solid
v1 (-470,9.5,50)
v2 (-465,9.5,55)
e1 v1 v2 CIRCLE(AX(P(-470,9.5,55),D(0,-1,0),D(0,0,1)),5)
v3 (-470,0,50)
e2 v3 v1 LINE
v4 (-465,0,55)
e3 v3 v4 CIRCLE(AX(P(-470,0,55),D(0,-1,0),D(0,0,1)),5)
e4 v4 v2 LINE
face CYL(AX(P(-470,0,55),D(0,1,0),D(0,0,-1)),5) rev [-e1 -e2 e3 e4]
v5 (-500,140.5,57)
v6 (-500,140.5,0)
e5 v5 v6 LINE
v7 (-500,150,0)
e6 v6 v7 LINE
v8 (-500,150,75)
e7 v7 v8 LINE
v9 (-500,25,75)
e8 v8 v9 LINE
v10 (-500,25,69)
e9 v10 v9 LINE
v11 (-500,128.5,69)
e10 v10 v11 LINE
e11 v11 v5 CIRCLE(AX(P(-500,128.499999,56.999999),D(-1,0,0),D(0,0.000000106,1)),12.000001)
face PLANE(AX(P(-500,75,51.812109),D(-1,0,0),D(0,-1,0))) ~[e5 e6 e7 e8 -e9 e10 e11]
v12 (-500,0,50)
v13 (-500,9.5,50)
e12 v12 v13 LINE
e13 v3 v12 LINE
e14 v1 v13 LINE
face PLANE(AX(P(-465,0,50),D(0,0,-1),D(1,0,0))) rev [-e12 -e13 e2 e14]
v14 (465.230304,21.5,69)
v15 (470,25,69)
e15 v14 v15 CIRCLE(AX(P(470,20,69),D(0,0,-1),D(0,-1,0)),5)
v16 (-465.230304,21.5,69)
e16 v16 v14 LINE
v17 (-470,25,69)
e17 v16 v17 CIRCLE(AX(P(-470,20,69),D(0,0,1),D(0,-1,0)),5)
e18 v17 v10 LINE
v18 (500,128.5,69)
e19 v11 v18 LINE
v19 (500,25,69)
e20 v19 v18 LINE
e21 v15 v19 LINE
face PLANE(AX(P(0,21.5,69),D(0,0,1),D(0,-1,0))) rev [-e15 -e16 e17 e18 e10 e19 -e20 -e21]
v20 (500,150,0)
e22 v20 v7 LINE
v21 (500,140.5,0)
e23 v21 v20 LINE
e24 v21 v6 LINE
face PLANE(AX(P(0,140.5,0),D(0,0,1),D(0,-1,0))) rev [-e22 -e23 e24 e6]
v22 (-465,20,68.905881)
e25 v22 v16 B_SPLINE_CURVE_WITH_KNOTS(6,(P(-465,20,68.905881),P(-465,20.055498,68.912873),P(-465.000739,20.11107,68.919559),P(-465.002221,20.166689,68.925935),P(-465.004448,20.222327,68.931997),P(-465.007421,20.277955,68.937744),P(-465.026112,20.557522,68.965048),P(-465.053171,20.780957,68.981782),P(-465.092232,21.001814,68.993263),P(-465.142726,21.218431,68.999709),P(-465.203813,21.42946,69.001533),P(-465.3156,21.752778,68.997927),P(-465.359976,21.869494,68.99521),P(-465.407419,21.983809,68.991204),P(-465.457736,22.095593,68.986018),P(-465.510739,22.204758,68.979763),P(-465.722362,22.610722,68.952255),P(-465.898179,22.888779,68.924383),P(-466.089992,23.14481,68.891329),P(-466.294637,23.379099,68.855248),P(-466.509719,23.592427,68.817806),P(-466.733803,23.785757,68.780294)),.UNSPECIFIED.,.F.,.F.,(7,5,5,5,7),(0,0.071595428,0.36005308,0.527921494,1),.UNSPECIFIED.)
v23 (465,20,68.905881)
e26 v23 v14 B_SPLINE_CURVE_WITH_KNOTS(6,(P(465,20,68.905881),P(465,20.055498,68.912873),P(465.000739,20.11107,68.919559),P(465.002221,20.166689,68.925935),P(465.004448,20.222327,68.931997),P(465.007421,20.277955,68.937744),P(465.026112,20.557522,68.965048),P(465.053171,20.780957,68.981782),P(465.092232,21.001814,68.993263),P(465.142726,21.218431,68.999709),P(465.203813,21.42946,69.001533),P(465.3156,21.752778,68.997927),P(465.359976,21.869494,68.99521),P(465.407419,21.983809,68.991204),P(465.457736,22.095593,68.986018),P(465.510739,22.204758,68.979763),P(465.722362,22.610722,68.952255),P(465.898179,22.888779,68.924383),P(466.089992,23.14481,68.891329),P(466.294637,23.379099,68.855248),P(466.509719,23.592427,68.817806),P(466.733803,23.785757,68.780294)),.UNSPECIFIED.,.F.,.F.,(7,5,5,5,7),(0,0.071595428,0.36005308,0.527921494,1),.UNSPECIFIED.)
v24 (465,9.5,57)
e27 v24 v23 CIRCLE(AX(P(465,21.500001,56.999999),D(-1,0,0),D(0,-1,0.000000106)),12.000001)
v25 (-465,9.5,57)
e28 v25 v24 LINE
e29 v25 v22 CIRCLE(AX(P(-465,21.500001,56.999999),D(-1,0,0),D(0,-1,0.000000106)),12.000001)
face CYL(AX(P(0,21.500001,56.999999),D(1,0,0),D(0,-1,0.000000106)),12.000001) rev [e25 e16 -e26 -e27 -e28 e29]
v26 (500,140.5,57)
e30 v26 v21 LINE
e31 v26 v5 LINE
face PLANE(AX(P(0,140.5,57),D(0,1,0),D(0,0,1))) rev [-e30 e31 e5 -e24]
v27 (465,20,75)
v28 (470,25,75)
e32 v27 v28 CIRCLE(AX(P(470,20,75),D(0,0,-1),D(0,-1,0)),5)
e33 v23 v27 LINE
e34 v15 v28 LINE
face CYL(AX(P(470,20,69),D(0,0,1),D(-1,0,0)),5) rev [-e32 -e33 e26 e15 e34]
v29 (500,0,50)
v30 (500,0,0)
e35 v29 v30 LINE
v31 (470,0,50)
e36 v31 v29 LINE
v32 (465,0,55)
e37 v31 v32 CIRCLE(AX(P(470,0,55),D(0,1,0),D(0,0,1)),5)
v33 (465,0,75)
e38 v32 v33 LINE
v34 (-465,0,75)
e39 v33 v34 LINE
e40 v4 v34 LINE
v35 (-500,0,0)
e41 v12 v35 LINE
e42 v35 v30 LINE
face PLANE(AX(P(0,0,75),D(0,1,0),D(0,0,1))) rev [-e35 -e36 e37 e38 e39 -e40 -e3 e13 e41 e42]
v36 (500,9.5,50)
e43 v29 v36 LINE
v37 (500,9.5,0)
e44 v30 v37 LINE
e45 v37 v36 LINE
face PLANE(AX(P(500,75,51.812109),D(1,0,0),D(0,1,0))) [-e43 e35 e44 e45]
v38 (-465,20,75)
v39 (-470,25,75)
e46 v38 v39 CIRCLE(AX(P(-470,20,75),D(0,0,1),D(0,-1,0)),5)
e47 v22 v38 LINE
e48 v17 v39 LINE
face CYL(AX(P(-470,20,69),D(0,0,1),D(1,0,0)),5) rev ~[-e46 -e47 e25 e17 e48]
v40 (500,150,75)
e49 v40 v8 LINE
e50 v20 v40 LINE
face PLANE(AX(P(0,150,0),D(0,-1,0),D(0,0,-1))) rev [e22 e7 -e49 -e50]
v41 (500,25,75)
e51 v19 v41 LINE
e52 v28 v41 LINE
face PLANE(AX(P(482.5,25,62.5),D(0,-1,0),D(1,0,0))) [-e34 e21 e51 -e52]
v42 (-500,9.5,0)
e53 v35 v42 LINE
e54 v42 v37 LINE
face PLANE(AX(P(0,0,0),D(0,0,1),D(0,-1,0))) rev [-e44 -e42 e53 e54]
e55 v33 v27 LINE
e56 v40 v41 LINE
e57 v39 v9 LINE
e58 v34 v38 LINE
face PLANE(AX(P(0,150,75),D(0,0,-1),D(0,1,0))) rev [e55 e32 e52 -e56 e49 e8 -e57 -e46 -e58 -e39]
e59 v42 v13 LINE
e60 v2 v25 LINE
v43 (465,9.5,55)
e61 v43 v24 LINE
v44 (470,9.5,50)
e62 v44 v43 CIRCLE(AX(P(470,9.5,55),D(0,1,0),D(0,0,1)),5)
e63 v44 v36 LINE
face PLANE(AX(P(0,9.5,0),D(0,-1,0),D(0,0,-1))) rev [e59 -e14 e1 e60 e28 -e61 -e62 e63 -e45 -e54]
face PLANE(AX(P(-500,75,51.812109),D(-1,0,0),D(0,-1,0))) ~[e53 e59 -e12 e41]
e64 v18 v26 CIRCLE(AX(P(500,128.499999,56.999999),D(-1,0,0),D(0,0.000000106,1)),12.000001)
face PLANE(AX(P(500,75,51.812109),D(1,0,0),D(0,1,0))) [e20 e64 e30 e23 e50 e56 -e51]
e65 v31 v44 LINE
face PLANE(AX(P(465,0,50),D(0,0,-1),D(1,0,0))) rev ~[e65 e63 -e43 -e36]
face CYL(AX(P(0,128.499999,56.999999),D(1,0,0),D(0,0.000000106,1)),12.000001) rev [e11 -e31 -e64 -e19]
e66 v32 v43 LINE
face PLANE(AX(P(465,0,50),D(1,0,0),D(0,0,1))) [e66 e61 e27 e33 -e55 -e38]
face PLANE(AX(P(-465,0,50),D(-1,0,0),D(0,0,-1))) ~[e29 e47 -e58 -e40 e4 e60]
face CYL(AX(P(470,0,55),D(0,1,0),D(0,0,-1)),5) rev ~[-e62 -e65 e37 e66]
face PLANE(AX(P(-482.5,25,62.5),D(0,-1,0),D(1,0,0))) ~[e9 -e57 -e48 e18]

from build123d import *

# Parameters (mm, degrees)
F1_DEPTH = 500
F2_W     = 35
F2_H     = 25
F3_DEPTH = 25
F4_R     = 5


with BuildPart() as f1:
    # F0 (on Right) → F1 (new body)
    with BuildSketch(Plane.YZ):
        with BuildLine():
            Line((0, 75), (0, 0))
            Line((0, 0), (9.5, 0))
            Line((9.5, 0), (9.5, 57))
            ThreePointArc((9.5, 57), (13.014719, 65.485281), (21.5, 69))
            Line((21.5, 69), (128.5, 69))
            ThreePointArc((128.5, 69), (136.985281, 65.485281), (140.5, 57))
            Line((140.5, 57), (140.5, 0))
            Line((140.5, 0), (150, 0))
            Line((150, 0), (150, 75))
            Line((150, 75), (0, 75))
        make_face()
    extrude(amount=F1_DEPTH)

    # F2 (on Front) → F3 (cut)
    with BuildSketch(Plane.XZ):
        with Locations((482.5, 62.5)):
            Rectangle(F2_W, F2_H)
    extrude(amount=-F3_DEPTH, mode=Mode.SUBTRACT)

    # F4
    f4_edges = [f1.edges().sort_by_distance(p)[0] for p in [
        (465, 25, 72),
        (465, 4.75, 50),
    ]]
    fillet(f4_edges, radius=F4_R)

    # F5: F1 across plane


with BuildPart() as f1_1:
    add(f1.part)
    add(f1.part.mirror(Plane.YZ))


solid = f1_1.part
